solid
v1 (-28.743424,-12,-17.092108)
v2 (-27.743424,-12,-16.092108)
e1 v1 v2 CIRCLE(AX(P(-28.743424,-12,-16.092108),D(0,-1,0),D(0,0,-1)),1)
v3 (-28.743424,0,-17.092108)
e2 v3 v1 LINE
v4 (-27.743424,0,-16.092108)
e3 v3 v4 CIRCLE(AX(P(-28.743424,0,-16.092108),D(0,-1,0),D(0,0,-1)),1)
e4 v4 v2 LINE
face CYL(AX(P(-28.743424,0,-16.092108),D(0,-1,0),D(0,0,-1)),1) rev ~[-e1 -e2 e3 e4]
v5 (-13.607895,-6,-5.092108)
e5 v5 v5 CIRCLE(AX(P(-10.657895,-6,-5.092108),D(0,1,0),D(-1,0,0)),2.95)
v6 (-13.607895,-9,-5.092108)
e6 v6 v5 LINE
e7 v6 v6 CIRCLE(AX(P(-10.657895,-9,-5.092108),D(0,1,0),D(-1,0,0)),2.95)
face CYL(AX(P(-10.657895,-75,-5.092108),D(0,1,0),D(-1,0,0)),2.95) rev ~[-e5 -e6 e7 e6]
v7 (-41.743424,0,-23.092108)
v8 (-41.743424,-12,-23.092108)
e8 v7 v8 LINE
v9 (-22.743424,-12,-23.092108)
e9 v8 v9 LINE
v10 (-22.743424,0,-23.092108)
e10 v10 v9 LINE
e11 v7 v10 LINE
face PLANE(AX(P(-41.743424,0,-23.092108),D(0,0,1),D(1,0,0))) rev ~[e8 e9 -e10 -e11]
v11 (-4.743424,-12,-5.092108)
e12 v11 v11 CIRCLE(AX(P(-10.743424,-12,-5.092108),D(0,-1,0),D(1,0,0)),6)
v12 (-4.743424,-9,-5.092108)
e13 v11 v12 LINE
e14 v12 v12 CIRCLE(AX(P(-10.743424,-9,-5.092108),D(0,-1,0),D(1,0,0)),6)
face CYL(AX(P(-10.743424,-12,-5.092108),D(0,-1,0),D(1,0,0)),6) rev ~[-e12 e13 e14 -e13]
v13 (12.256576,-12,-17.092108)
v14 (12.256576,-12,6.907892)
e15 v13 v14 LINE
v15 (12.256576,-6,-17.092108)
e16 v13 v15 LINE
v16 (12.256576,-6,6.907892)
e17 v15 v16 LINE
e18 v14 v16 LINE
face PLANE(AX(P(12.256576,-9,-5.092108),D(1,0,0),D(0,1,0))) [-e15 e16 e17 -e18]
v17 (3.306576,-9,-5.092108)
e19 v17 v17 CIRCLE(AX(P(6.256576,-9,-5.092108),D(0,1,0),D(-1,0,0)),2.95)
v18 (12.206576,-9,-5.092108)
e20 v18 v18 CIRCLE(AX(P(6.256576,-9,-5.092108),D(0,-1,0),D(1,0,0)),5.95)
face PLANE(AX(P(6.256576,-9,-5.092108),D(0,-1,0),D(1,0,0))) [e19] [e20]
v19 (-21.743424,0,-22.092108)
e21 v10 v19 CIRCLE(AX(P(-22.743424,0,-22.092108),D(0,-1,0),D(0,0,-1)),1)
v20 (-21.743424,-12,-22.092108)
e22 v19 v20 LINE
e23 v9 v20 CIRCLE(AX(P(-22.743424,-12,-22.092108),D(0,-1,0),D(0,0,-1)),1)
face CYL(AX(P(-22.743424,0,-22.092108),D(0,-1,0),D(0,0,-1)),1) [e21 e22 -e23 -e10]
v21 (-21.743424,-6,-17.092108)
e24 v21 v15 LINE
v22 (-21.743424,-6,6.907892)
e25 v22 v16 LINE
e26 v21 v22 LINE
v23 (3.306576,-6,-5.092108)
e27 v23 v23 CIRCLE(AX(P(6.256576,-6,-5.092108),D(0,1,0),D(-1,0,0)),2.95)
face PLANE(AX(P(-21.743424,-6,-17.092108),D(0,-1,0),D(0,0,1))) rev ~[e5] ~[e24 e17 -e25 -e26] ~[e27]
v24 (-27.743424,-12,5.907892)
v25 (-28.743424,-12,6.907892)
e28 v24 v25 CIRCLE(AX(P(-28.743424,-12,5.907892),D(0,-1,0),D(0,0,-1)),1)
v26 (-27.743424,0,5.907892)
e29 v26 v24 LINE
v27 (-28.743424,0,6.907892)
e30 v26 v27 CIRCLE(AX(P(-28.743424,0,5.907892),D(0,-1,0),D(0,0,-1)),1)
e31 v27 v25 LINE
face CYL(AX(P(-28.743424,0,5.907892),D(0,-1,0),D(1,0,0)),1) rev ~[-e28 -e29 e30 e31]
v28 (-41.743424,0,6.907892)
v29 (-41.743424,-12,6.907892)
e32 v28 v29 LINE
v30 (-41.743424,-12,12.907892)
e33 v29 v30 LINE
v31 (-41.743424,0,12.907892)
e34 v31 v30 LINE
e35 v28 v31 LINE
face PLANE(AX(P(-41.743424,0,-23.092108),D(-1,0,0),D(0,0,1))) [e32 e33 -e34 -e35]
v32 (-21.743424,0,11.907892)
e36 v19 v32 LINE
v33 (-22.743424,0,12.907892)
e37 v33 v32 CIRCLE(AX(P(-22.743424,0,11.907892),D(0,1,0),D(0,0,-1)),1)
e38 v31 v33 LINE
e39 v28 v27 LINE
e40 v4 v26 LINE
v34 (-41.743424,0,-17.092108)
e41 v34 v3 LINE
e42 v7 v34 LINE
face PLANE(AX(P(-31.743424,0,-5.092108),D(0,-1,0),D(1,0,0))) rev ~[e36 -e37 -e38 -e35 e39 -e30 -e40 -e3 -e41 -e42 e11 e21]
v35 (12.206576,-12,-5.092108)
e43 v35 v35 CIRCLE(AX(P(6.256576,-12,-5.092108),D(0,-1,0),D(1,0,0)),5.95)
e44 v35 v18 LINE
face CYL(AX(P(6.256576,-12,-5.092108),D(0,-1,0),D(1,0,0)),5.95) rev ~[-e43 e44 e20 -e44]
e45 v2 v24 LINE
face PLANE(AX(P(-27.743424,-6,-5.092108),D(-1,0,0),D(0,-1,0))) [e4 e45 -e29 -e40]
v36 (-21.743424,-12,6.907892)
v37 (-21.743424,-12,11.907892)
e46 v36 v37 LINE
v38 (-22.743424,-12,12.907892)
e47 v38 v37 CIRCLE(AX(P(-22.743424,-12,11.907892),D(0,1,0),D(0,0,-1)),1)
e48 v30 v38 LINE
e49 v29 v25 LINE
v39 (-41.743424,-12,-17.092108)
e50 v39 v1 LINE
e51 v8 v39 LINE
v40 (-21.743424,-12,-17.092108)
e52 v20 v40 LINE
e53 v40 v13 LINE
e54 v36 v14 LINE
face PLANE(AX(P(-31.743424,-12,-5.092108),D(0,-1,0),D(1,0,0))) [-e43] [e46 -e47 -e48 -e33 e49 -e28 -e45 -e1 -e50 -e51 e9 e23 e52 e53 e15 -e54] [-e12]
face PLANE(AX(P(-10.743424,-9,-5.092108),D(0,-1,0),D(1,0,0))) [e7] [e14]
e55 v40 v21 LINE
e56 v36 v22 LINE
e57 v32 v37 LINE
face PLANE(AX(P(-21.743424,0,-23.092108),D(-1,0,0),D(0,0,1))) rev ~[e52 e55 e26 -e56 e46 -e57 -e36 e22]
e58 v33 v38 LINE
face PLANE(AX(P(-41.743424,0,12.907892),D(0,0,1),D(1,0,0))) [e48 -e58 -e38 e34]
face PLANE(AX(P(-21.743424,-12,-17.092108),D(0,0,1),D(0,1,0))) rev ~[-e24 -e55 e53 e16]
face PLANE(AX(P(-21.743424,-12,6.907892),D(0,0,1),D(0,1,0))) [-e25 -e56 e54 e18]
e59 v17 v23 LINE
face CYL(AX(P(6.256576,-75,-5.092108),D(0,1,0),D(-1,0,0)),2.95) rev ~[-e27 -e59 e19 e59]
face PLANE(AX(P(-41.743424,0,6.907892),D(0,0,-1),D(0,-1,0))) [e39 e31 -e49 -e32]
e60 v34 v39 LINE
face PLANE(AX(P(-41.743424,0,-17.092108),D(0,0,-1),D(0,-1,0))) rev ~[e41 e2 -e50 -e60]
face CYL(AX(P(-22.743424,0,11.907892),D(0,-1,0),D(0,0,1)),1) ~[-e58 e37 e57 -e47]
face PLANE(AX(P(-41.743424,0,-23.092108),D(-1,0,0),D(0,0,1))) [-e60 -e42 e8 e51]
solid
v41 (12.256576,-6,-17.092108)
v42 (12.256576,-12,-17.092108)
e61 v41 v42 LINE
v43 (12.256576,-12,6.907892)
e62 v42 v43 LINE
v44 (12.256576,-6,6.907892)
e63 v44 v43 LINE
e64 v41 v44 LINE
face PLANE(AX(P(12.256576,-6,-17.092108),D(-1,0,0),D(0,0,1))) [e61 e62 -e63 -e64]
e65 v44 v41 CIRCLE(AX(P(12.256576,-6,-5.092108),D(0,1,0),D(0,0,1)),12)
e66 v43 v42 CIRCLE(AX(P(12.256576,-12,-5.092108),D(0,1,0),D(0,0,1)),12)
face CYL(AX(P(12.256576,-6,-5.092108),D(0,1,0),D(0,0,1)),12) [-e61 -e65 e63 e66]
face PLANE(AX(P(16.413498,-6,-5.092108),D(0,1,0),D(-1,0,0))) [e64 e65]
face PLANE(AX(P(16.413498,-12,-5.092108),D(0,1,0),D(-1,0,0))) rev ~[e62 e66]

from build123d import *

# Parameters (mm, degrees)
F0_W      = 20
F0_H      = 36
F1_DEPTH  = 12
F2_W      = 12
F2_H      = 24
F3_DEPTH  = 14
F4_W      = 6
F4_H      = 23.901319
F5_DEPTH  = 34
F7_W      = 6
F7_H      = 24
F8_DEPTH  = 34
F10_DEPTH = 6
F11_R     = 6
F12_DEPTH = 3
F14_DEPTH = 3
F16_D     = 5.9
F17_R     = 1


with BuildPart() as f1:
    # F0 (on Front) → F1 (new body)
    with BuildSketch(Plane.XZ):
        with Locations((-31.743424, -5.092108)):
            Rectangle(F0_W, F0_H)
    extrude(amount=F1_DEPTH)

    # F2 (on face) → F3 (cut)
    with BuildSketch(Plane(origin=(-41.743424, 0, 0), x_dir=(0, -1, 0), z_dir=(-1, 0, 0))):
        with Locations((6, -5.092108)):
            Rectangle(F2_W, F2_H)
    extrude(amount=-F3_DEPTH, mode=Mode.SUBTRACT)

    # F7 (on face) → F8 (join)
    with BuildSketch(Plane.YZ.offset(-21.743424)):
        with Locations((-9, -5.092108)):
            Rectangle(F7_W, F7_H)
    extrude(amount=F8_DEPTH)

    # F11 (on face) → F12 (cut)
    with BuildSketch(Plane.XZ.offset(12)):
        with Locations((-10.743424, -5.092108)):
            Circle(F11_R)
    extrude(amount=-F12_DEPTH, mode=Mode.SUBTRACT)

    # F13 (on face) → F14 (cut)
    with BuildSketch(Plane.XZ.offset(12)):
        with BuildLine():
            ThreePointArc((0.306576, -5.092108), (6.256576, -11.042108), (12.206576, -5.092108))
            ThreePointArc((12.206576, -5.092108), (6.256576, 0.857892), (0.306576, -5.092108))
        make_face()
    extrude(amount=-F14_DEPTH, mode=Mode.SUBTRACT)

    # F16 (through all)
    with Locations(Plane.XZ.offset(9)):
        with Locations((6.256576, -5.092108), (-10.657895, -5.092108)):
            Hole(F16_D / 2)

    # F17
    f17_edges = [f1.edges().sort_by_distance(p)[0] for p in [
        (-27.743424, -6, 6.907892),
        (-27.743424, -6, -17.092108),
        (-21.743424, -6, 12.907892),
        (-21.743424, -6, -23.092108),
    ]]
    fillet(f17_edges, radius=F17_R)


with BuildPart() as f5:
    # F4 (on Right) → F5 (new body)
    with BuildSketch(Plane.YZ):
        with Locations((-9.138158, -5.141449)):
            Rectangle(F4_W, F4_H)
    extrude(amount=F5_DEPTH)


with BuildPart() as f10:
    # F9 (on face) → F10 (new body)
    with BuildSketch(Plane(origin=(0, -6, 0), x_dir=(-1, 0, 0), z_dir=(0, 1, 0))):
        with BuildLine():
            Line((-12.256576, -17.092108), (-12.256576, 6.907892))
            ThreePointArc((-12.256576, 6.907892), (-24.256576, -5.092108), (-12.256576, -17.092108))
        make_face()
    extrude(amount=-F10_DEPTH)


solid = Compound([f1.part, f10.part])
